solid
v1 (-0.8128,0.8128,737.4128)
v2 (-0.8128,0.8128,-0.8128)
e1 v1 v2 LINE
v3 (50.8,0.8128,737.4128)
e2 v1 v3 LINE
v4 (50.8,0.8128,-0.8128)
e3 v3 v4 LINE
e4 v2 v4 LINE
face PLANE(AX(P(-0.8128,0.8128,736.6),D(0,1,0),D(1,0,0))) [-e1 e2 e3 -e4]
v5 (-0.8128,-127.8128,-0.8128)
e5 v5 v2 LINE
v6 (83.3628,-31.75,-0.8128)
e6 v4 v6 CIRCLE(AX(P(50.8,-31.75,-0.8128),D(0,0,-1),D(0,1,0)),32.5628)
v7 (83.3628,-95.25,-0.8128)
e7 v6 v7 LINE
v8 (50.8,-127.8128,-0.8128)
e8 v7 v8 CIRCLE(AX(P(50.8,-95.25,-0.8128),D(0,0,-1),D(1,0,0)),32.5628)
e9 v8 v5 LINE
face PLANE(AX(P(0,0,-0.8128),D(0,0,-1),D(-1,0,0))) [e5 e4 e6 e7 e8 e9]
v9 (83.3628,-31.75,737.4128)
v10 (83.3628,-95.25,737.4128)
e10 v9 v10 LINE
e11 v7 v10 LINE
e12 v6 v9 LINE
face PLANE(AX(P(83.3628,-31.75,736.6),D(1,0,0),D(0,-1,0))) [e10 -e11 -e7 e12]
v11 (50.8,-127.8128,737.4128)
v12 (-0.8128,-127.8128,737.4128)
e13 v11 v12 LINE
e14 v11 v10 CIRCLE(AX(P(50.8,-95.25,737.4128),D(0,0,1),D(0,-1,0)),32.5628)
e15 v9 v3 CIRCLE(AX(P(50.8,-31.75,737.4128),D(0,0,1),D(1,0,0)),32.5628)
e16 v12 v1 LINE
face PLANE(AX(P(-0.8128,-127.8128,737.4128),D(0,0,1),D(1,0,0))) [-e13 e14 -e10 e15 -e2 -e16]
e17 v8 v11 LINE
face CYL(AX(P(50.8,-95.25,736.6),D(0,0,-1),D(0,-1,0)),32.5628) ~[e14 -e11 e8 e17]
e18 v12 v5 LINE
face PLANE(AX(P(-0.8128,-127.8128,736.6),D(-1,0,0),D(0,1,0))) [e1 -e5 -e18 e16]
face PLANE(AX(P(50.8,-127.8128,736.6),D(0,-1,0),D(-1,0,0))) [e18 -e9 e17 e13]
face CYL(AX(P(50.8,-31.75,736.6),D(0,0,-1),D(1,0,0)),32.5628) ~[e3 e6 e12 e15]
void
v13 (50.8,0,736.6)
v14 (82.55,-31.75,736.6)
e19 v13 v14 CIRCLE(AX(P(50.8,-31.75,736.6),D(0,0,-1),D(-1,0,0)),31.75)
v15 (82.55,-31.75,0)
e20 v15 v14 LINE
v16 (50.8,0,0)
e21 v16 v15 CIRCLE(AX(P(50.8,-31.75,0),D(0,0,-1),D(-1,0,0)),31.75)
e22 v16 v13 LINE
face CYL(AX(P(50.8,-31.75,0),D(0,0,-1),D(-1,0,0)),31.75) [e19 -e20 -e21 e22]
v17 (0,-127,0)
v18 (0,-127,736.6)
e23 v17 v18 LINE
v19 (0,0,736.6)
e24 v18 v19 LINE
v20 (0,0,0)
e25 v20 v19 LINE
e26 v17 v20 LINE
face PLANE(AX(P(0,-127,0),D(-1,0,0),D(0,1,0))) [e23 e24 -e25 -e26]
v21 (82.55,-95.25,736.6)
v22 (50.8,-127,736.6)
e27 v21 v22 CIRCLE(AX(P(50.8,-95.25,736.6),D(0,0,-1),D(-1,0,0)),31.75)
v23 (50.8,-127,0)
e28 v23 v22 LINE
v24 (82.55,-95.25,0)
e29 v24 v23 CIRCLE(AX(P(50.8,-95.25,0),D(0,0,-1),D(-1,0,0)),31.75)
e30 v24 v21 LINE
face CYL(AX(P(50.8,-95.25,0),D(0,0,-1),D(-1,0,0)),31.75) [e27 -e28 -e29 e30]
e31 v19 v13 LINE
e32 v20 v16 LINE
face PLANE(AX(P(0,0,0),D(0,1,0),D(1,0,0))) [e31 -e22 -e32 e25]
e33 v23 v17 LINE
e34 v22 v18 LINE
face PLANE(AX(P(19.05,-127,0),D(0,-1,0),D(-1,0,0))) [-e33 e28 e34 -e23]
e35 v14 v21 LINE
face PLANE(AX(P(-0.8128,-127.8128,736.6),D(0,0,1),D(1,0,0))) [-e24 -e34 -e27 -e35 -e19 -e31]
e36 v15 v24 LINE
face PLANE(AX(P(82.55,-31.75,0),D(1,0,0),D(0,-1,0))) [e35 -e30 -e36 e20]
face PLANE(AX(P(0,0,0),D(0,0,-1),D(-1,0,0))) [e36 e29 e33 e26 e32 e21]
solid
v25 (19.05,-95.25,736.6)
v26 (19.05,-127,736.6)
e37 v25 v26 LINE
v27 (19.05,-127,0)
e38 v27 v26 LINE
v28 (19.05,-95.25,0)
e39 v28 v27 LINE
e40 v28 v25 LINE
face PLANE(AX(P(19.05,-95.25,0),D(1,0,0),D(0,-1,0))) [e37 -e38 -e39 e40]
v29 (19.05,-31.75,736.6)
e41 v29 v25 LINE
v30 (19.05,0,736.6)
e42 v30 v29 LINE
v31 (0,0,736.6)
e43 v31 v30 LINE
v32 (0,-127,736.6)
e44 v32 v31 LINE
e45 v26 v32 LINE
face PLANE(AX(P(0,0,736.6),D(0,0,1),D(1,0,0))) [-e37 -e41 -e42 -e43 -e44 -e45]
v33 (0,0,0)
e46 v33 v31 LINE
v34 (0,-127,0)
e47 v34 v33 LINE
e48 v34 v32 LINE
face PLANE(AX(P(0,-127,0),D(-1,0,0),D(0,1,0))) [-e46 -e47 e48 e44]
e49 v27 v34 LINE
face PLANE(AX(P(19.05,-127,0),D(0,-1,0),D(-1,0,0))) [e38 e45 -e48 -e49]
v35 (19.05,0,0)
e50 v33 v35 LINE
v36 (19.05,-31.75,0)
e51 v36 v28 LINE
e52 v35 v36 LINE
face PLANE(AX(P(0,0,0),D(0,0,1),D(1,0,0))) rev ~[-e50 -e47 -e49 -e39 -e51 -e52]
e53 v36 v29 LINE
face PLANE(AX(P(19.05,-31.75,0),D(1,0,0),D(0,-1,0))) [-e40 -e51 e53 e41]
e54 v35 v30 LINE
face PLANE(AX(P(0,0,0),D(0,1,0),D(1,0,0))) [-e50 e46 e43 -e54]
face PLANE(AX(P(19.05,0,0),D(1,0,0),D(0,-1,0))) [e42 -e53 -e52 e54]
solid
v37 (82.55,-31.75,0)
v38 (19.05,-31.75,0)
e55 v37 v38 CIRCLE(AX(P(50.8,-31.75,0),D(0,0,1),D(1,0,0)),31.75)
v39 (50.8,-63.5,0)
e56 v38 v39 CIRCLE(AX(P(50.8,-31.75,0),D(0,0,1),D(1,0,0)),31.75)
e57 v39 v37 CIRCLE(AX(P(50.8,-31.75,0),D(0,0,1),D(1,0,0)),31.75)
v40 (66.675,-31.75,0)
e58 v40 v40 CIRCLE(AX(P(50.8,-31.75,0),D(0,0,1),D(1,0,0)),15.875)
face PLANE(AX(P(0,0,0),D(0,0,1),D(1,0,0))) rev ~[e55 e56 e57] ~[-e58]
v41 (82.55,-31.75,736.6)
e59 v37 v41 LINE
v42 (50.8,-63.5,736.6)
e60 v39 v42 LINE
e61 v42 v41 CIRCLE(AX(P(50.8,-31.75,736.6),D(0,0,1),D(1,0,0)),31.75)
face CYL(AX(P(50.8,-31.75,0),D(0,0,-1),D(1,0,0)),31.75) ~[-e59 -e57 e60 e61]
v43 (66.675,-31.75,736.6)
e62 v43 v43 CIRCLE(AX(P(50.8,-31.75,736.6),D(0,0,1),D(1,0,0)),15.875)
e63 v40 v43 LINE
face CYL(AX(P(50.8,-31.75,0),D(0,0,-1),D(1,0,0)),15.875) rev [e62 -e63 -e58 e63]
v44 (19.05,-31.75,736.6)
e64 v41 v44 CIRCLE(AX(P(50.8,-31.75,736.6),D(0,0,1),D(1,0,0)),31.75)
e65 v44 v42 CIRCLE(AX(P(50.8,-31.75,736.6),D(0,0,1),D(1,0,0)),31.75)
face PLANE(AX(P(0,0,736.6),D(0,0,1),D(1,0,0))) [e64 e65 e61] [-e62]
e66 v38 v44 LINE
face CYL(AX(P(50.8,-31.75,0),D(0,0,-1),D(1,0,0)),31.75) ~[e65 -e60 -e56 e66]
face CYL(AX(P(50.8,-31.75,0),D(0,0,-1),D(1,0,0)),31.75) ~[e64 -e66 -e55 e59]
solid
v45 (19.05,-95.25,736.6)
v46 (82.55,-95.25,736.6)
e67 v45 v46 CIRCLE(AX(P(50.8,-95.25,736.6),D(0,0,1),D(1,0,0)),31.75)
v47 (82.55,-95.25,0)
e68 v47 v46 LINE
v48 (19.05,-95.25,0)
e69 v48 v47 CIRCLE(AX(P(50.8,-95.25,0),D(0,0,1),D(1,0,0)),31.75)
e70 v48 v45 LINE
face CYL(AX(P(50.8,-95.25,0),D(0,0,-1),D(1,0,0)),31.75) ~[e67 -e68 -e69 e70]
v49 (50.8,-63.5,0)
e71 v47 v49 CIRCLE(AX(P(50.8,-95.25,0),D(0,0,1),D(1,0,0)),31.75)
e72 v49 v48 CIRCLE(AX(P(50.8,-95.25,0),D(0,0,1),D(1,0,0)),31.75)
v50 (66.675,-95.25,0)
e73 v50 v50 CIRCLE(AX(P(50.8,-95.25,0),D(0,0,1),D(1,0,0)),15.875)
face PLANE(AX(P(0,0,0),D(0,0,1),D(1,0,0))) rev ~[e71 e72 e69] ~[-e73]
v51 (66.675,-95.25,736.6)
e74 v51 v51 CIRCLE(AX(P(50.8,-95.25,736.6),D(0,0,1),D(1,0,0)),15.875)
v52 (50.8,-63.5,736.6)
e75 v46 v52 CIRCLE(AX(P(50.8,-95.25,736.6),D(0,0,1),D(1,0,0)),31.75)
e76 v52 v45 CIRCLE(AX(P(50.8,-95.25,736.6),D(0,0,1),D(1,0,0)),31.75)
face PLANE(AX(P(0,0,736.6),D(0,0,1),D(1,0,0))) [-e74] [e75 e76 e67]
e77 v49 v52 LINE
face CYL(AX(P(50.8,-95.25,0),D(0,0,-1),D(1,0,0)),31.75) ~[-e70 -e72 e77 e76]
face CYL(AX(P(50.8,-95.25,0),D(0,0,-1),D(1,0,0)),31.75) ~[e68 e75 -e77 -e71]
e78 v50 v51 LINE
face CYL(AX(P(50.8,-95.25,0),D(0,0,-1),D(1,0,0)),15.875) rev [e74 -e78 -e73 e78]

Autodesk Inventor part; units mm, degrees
ref_plane "YZ Plane" through (0, 0, 0) normal (1, 0, 0) x (0, 1, 0)
ref_plane "XZ Plane" through (0, 0, 0) normal (0, 1, 0) x (-1, 0, 0)
ref_plane "XY Plane" through (0, 0, 0) normal (0, 0, 1) x (1, 0, 0)
sketch "Sketch1" plane through (0, 0, 0) normal (0, 0, 1) x (1, 0, 0)
  line L0 (0, 0) -> (19.05, 0)
  line L1 (19.05, 0) -> (19.05, -127)
  line L2 (19.05, -127) -> (0, -127)
  line L3 (0, -127) -> (0, 0)
  circle A0 centre (50.8, -31.75) radius 31.75
  circle A1 centre (50.8, -31.75) radius 15.875
  circle A2 centre (50.8, -95.25) radius 15.875
  circle A3 centre (50.8, -95.25) radius 31.75
  dimension "d0" = 19.05
  dimension "d1" = 127
  dimension "d2" = 31.75
extrude "Extrusion1" add sketch "Sketch1" along normal blind 736.6 contours L0 L1 L2 L3
extrude "Extrusion2" add sketch "Sketch1" along normal up to surface (736.6 mm away) separate body contours A0 | A3
sketch "Sketch2" plane through (0, 0, 0) normal (0, 0, -1) x (-1, 0, 0)
  line L0 (-19.05, -127) -> (0, -127) projected
  line L1 (0, -127) -> (0, 0) projected
  line L2 (0, 0) -> (-50.8, 0)
  circle A0 centre (-50.8, -31.75) radius 31.75 projected
  line L3 (0, 0) -> (0, -127) projected
  line L4 (0, 0) -> (0, -127)
  line L5 (0, -127) -> (-50.8, -127)
  circle A1 centre (-50.8, -95.25) radius 31.75 projected
  arc A2 (-82.55, -95.25) -> (-50.8, -127) centre (-50.8, -95.25) ccw
  arc A3 (-50.8, 0) -> (-82.55, -31.75) centre (-50.8, -31.75) ccw
  line L6 (-82.55, -31.75) -> (-82.55, -95.25)
  arc A4 (-83.3628, -95.25) -> (-50.8, -127.8128) centre (-50.8, -95.25) ccw
  line L7 (-50.8, -127.8128) -> (0.8128, -127.8128)
  line L8 (0.8128, -127.8128) -> (0.8128, 0.8128)
  line L9 (0.8128, 0.8128) -> (-50.8, 0.8128)
  arc A5 (-50.8, 0.8128) -> (-83.3628, -31.75) centre (-50.8, -31.75) ccw
  line L10 (-83.3628, -31.75) -> (-83.3628, -95.25)
  point P0 (-50.8, -63.5)
  dimension "d7" = 0.8128
extrude "Extrusion3" add sketch "Sketch2" against normal up to surface (736.6 mm away) separate body
sketch "Sketch3" plane through (0, 0, 0) normal (0, 0, -1) x (-1, 0, 0)
  arc A0 (-83.3628, -95.25) -> (-50.8, -127.8128) centre (-50.8, -95.25) ccw projected
  line L0 (-50.8, -127.8128) -> (0.8128, -127.8128) projected
  line L1 (0.8128, -127.8128) -> (0.8128, 0.8128) projected
  line L2 (0.8128, 0.8128) -> (-50.8, 0.8128) projected
  arc A1 (-50.8, 0.8128) -> (-83.3628, -31.75) centre (-50.8, -31.75) ccw projected
  line L3 (-83.3628, -31.75) -> (-83.3628, -95.25) projected
extrude "Extrusion4" add sketch "Sketch3" along normal blind 0.8128 bodies 3
sketch "Sketch5" plane through (-0.8128, -127.8128, 736.6) normal (0, 0, 1) x (1, 0, 0)
  line L0 (51.6128, 0) -> (0, 0) projected
  arc A0 (51.6128, 0) -> (84.1756, 32.5628) centre (51.6128, 32.5628) ccw projected
  line L1 (84.1756, 96.0628) -> (84.1756, 32.5628) projected
  arc A1 (84.1756, 96.0628) -> (51.6128, 128.6256) centre (51.6128, 96.0628) ccw projected
  line L2 (0, 128.6256) -> (51.6128, 128.6256) projected
  line L3 (0, 0) -> (0, 128.6256) projected
extrude "Extrusion5" add sketch "Sketch5" along normal blind 0.8128 bodies 3
sketch "Sketch6" plane through (83.3628, -95.25, -0.8128) normal (1, 0, 0) x (0, 0, -1)
  line L0 (-451.4685, 85.5931) -> (-297.7504, 85.5931) construction
  line L1 (-297.7504, 85.5931) -> (-297.7504, -15.869) construction
  line L2 (-297.7504, -15.869) -> (-451.4685, -15.869) construction
  line L3 (-451.4685, -15.869) -> (-451.4685, 85.5931) construction
  point P0 (-0.8128, 95.25)
decal "Decal1"
properties part number "SideBumper" material "Wood (Birch)"
